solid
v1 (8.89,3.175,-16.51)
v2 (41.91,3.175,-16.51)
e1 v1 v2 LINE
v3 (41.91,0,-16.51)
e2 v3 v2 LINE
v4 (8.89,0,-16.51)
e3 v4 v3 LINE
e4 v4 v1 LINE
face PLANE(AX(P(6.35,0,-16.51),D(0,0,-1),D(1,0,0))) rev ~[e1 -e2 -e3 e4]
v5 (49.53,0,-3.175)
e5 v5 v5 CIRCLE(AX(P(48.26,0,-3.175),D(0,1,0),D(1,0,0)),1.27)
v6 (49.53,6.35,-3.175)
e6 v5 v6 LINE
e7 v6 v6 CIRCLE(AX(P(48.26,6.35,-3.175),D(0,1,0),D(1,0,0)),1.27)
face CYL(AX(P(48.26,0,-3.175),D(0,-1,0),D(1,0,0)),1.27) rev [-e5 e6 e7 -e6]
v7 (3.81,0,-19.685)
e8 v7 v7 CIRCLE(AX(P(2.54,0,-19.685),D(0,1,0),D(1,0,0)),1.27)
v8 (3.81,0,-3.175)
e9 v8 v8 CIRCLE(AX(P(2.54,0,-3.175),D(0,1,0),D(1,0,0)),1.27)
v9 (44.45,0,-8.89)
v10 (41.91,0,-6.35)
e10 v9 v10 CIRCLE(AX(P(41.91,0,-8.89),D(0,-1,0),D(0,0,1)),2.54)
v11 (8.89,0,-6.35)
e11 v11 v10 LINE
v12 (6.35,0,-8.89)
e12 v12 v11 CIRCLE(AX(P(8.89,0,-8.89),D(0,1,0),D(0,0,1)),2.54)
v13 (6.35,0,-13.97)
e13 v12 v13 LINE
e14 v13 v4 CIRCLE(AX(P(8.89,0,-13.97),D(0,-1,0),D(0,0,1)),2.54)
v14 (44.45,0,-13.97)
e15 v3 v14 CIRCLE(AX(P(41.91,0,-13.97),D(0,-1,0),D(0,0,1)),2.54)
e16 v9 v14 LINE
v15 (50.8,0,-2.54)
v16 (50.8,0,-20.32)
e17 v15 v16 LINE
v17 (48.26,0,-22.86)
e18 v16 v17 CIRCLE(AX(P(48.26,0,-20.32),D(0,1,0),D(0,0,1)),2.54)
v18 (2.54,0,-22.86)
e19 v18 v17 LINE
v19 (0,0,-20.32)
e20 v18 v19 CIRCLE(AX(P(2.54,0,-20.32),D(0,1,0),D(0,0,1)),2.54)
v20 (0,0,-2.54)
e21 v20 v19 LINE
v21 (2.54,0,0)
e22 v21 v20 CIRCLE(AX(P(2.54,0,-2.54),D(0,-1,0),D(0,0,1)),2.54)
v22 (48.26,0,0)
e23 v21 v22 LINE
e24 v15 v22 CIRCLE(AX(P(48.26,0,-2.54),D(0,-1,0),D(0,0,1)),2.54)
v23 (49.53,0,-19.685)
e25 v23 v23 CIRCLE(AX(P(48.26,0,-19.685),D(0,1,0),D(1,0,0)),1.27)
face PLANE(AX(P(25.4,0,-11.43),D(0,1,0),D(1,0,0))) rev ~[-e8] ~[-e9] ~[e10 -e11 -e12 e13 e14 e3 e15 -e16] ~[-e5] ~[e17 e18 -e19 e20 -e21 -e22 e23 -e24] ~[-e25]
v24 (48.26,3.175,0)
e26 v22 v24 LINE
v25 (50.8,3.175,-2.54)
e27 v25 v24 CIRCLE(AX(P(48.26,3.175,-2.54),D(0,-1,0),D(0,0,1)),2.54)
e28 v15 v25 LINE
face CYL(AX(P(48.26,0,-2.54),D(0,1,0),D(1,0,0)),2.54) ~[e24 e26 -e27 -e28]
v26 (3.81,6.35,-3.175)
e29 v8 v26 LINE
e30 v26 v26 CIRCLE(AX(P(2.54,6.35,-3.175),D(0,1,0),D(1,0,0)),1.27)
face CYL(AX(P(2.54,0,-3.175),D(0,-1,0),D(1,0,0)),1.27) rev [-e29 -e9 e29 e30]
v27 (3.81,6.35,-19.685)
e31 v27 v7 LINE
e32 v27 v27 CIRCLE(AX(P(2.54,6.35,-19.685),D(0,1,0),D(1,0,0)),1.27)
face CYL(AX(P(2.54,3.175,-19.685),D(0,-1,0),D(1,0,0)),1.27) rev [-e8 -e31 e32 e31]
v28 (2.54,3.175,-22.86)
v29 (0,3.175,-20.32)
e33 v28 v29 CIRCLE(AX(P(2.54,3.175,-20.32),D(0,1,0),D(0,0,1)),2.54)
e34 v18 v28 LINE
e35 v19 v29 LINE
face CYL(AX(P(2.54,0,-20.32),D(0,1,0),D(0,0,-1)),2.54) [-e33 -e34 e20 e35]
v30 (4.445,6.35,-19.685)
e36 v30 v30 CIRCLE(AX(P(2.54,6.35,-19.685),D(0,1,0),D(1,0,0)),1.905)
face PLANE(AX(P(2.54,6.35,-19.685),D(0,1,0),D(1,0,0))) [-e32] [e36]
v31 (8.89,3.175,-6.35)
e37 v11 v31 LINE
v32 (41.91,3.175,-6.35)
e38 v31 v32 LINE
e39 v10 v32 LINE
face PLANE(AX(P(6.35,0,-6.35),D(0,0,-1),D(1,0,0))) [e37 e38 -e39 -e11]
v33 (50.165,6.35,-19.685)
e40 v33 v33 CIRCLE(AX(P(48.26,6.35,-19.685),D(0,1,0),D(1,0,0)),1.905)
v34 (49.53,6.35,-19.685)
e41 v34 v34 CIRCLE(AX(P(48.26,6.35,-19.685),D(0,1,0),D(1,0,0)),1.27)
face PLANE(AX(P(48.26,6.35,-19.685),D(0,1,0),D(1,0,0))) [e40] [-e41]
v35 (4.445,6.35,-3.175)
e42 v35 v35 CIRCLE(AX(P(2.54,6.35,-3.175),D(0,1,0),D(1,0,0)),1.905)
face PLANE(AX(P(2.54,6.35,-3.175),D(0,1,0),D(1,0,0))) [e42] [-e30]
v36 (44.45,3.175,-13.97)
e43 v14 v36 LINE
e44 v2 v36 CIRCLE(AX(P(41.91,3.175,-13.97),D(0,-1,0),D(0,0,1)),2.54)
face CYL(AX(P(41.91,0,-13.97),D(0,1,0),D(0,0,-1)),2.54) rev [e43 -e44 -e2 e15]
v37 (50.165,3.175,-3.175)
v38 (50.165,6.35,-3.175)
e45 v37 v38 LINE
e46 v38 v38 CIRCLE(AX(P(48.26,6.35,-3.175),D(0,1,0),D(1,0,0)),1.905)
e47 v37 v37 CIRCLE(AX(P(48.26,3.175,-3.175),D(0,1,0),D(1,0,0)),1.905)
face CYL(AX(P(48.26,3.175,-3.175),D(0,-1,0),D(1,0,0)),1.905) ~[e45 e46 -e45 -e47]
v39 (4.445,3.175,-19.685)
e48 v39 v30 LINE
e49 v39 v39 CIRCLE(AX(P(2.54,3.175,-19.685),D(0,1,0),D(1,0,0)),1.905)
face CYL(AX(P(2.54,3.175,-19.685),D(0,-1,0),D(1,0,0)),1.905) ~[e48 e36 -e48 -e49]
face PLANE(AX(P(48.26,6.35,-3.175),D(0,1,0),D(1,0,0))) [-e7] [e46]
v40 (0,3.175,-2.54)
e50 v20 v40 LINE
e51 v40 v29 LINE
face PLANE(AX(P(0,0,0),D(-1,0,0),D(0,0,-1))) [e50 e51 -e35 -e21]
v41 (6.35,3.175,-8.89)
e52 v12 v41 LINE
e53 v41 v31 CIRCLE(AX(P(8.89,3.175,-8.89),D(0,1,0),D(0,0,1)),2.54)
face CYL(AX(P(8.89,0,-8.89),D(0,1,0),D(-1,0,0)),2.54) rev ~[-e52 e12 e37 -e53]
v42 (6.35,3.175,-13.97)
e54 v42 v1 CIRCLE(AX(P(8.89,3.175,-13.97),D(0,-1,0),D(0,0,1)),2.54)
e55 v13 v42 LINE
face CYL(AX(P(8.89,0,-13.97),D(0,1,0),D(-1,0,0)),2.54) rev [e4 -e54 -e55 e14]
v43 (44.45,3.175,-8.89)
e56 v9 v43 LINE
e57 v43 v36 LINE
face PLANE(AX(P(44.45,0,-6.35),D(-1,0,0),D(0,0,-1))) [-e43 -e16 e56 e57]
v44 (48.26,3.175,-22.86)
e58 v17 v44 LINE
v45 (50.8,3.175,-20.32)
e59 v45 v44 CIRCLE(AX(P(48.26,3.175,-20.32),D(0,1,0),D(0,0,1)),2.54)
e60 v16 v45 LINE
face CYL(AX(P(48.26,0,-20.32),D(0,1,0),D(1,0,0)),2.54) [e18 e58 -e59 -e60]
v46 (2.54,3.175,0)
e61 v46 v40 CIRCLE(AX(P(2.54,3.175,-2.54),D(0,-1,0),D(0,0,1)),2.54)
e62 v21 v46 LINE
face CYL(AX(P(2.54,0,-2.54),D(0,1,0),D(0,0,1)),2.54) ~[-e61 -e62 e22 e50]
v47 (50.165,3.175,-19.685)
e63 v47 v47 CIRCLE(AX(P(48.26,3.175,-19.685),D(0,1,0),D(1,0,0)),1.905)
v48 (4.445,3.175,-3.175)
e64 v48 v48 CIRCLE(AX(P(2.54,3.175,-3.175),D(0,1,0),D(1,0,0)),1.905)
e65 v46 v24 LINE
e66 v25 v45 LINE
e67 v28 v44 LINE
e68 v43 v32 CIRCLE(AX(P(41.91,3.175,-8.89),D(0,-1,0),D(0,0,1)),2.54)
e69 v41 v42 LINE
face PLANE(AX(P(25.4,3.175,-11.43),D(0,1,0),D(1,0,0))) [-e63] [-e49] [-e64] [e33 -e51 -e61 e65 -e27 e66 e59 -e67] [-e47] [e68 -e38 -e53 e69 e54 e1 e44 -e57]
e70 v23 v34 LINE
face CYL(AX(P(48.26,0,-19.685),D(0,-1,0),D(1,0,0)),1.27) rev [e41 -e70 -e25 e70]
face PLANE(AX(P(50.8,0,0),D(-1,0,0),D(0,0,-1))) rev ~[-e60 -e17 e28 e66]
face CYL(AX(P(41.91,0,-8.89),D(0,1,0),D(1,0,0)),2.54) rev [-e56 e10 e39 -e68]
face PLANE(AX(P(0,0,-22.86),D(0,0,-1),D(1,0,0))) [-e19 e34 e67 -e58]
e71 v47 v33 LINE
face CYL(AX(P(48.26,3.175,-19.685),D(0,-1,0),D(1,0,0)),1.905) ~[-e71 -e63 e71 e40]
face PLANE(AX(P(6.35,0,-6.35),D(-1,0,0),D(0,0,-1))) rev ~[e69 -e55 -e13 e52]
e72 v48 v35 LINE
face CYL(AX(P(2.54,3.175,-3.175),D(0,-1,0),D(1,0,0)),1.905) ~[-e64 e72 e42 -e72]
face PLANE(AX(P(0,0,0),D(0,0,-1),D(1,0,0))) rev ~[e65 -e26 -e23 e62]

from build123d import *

# Parameters (mm, degrees)
SKETCH1_W           = 50.8
SKETCH1_H           = 22.86
SKETCH1_R           = 1.27
SKETCH1_W_2         = 38.1
SKETCH1_H_2         = 10.16
BOSS_EXTRUDE1_DEPTH = 3.175
SKETCH2_R           = 1.905
SKETCH2_R_2         = 1.27
BOSS_EXTRUDE2_DEPTH = 3.175
FILLET1_R           = 2.54


with BuildPart() as part:
    # Sketch1 → Boss-Extrude1 (new body)
    with BuildSketch(Plane(origin=(0, 0, 0), x_dir=(1, 0, 0), z_dir=(0, 1, 0))):
        with Locations((25.4, 11.43)):
            Rectangle(SKETCH1_W, SKETCH1_H)
        with Locations((2.54, 19.685)):
            Circle(SKETCH1_R, mode=Mode.SUBTRACT)
        with Locations((48.26, 19.685)):
            Circle(SKETCH1_R, mode=Mode.SUBTRACT)
        with Locations((2.54, 3.175)):
            Circle(SKETCH1_R, mode=Mode.SUBTRACT)
        with Locations((48.26, 3.175)):
            Circle(SKETCH1_R, mode=Mode.SUBTRACT)
        with Locations((25.4, 11.43)):
            Rectangle(SKETCH1_W_2, SKETCH1_H_2, mode=Mode.SUBTRACT)
    extrude(amount=BOSS_EXTRUDE1_DEPTH)

    # Sketch2 → Boss-Extrude2 (add)
    with BuildSketch(Plane(origin=(0, 3.175, 0), x_dir=(1, 0, 0), z_dir=(0, 1, 0))):
        with Locations((2.54, 19.685)):
            Circle(SKETCH2_R)
        with Locations((2.54, 19.685)):
            Circle(SKETCH2_R_2, mode=Mode.SUBTRACT)
        with Locations((2.54, 3.175)):
            Circle(SKETCH2_R)
        with Locations((2.54, 3.175)):
            Circle(SKETCH2_R_2, mode=Mode.SUBTRACT)
        with Locations((48.26, 3.175)):
            Circle(SKETCH2_R)
        with Locations((48.26, 3.175)):
            Circle(SKETCH2_R_2, mode=Mode.SUBTRACT)
        with Locations((48.26, 19.685)):
            Circle(SKETCH2_R)
        with Locations((48.26, 19.685)):
            Circle(SKETCH2_R_2, mode=Mode.SUBTRACT)
    extrude(amount=BOSS_EXTRUDE2_DEPTH)

    # Fillet1
    fillet1_edges = [part.edges().sort_by_distance(p)[0] for p in [
        (6.35, 1.5875, -16.51),
        (6.35, 1.5875, -6.35),
        (44.45, 1.5875, -6.35),
        (44.45, 1.5875, -16.51),
        (0, 1.5875, -22.86),
        (50.8, 1.5875, -22.86),
        (50.8, 1.5875, 0),
        (0, 1.5875, 0),
    ]]
    fillet(fillet1_edges, radius=FILLET1_R)


solid = part.part
